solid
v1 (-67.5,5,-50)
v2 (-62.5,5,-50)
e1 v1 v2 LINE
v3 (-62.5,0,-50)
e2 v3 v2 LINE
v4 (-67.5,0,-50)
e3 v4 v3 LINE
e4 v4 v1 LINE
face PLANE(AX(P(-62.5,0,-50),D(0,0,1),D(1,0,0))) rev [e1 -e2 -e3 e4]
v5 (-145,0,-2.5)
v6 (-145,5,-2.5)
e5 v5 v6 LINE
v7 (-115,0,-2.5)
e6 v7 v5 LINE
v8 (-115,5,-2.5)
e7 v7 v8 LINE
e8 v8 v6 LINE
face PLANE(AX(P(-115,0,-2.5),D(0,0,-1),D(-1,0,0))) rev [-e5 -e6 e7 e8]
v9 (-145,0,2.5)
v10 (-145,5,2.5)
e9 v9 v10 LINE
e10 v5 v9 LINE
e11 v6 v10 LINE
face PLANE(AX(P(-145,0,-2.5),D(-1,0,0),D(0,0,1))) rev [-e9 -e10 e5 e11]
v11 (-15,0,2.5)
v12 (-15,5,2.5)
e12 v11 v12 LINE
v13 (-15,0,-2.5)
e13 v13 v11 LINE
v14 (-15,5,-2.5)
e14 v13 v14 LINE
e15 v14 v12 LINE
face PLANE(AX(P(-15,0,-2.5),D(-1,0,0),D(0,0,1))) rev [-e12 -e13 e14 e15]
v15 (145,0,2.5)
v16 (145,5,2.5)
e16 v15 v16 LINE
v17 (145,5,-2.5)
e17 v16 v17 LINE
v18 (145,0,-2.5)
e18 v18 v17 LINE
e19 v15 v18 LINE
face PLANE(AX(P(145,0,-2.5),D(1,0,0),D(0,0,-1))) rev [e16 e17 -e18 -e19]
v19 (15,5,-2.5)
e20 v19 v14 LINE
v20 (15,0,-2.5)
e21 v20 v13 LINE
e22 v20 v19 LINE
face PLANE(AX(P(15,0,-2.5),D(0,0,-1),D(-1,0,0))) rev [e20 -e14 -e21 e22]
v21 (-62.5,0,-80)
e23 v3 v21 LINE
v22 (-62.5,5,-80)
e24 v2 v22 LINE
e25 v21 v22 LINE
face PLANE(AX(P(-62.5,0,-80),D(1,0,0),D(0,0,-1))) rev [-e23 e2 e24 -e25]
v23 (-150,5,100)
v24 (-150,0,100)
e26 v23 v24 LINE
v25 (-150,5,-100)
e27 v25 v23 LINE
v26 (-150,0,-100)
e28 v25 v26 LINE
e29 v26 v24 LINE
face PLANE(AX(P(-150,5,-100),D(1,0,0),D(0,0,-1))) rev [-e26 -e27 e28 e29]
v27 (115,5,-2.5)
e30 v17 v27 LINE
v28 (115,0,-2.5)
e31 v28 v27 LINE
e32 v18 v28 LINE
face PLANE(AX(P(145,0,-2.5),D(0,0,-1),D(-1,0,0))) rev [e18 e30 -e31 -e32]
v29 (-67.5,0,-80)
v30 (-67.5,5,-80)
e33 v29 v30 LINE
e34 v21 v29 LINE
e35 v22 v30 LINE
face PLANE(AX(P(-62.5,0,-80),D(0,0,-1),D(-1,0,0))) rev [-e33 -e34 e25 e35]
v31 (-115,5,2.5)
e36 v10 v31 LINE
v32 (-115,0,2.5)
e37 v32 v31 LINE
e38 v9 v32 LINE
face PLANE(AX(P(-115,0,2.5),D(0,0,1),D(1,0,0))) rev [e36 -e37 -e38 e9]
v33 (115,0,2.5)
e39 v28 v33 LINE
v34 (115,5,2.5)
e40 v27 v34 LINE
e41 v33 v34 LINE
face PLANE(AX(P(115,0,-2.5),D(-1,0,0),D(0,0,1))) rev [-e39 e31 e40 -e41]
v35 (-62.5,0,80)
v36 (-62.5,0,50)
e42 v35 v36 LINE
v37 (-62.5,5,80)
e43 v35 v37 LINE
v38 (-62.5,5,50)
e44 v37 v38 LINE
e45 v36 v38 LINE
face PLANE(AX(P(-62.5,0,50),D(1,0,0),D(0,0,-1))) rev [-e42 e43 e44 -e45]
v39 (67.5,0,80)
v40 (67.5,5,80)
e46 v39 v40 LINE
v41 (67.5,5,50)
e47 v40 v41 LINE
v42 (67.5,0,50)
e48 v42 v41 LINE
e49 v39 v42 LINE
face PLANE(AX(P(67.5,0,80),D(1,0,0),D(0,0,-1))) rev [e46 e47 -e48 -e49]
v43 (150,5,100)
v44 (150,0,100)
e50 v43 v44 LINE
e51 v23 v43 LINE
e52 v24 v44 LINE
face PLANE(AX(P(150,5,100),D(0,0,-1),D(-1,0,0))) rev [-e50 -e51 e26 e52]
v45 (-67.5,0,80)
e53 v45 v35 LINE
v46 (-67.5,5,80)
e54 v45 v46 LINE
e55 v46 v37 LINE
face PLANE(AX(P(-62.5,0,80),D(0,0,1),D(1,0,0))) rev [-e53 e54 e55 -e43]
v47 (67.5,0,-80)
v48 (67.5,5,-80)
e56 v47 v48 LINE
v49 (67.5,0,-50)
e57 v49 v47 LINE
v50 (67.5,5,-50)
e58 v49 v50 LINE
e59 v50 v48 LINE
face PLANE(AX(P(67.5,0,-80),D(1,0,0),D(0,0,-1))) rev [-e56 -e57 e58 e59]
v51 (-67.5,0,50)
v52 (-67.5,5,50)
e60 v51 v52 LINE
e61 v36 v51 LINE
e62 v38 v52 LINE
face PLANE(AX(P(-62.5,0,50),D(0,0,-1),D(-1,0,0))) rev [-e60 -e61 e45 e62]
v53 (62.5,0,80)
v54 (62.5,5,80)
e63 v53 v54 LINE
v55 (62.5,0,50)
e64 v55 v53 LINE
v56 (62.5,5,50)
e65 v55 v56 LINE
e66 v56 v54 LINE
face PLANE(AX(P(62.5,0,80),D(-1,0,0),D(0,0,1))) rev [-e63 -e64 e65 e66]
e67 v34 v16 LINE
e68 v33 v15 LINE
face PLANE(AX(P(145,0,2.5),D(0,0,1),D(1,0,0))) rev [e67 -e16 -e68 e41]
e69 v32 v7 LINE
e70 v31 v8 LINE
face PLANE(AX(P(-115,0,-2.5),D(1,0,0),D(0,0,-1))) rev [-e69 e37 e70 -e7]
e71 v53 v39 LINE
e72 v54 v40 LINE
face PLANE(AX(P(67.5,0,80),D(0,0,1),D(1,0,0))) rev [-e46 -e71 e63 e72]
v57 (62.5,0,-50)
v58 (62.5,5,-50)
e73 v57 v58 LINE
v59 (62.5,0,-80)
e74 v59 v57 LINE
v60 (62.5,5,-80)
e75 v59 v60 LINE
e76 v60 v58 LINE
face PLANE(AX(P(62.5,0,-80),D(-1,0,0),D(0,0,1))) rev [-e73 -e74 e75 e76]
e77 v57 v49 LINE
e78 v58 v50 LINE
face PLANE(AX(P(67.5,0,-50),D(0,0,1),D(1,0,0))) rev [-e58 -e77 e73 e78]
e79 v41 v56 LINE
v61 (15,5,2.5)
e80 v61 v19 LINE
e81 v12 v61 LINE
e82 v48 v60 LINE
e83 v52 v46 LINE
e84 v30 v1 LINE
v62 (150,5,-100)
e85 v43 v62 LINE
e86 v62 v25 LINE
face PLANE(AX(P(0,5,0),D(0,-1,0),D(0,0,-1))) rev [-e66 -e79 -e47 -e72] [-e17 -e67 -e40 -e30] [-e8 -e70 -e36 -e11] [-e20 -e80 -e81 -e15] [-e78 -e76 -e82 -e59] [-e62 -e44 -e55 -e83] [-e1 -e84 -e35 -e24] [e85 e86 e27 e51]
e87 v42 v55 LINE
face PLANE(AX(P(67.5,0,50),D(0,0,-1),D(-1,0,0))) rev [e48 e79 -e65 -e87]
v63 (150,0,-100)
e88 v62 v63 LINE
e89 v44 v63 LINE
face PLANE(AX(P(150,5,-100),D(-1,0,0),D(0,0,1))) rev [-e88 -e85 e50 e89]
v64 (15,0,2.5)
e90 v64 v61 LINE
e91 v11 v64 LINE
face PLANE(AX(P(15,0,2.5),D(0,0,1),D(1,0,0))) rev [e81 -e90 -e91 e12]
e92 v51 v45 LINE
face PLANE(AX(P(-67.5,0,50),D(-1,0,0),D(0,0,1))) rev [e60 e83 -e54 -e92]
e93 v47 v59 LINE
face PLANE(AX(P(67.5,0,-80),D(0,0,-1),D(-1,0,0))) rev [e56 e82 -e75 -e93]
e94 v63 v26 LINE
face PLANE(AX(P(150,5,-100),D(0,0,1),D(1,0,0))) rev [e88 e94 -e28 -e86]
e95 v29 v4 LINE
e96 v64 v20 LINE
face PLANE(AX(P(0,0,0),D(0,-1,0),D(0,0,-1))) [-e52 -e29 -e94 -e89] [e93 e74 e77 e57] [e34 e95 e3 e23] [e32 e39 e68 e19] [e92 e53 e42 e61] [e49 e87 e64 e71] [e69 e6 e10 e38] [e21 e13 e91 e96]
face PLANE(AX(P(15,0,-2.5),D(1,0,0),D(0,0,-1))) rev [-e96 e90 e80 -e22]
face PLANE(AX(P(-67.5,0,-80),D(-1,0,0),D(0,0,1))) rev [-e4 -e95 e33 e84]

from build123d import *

# Parameters (mm, degrees)
SKETCH1_W           = 300
SKETCH1_H           = 200
BOSS_EXTRUDE1_DEPTH = 5
SKETCH2_W           = 30
SKETCH2_H           = 5
SKETCH2_W_2         = 5
SKETCH2_H_2         = 30
CUT_EXTRUDE1_DEPTH  = 5


with BuildPart() as part:
    # Sketch1 → Boss-Extrude1 (new body)
    with BuildSketch(Plane(origin=(0, 0, 0), x_dir=(1, 0, 0), z_dir=(0, 1, 0))):
        Rectangle(SKETCH1_W, SKETCH1_H)
    extrude(amount=BOSS_EXTRUDE1_DEPTH)

    # Sketch2 → Cut-Extrude1 (cut)
    with BuildSketch(Plane(origin=(0, 5, 0), x_dir=(1, 0, 0), z_dir=(0, 1, 0))):
        with Locations((-130, 0)):
            Rectangle(SKETCH2_W, SKETCH2_H)
        with Locations((130, 0)):
            Rectangle(SKETCH2_W, SKETCH2_H)
        with Locations((-65, 65)):
            Rectangle(SKETCH2_W_2, SKETCH2_H_2)
        with Locations((-65, -65)):
            Rectangle(SKETCH2_W_2, SKETCH2_H_2)
        with Locations((65, 65)):
            Rectangle(SKETCH2_W_2, SKETCH2_H_2)
        with Locations((65, -65)):
            Rectangle(SKETCH2_W_2, SKETCH2_H_2)
        Rectangle(SKETCH2_W, SKETCH2_H)
    extrude(amount=-CUT_EXTRUDE1_DEPTH, mode=Mode.SUBTRACT)


solid = part.part
